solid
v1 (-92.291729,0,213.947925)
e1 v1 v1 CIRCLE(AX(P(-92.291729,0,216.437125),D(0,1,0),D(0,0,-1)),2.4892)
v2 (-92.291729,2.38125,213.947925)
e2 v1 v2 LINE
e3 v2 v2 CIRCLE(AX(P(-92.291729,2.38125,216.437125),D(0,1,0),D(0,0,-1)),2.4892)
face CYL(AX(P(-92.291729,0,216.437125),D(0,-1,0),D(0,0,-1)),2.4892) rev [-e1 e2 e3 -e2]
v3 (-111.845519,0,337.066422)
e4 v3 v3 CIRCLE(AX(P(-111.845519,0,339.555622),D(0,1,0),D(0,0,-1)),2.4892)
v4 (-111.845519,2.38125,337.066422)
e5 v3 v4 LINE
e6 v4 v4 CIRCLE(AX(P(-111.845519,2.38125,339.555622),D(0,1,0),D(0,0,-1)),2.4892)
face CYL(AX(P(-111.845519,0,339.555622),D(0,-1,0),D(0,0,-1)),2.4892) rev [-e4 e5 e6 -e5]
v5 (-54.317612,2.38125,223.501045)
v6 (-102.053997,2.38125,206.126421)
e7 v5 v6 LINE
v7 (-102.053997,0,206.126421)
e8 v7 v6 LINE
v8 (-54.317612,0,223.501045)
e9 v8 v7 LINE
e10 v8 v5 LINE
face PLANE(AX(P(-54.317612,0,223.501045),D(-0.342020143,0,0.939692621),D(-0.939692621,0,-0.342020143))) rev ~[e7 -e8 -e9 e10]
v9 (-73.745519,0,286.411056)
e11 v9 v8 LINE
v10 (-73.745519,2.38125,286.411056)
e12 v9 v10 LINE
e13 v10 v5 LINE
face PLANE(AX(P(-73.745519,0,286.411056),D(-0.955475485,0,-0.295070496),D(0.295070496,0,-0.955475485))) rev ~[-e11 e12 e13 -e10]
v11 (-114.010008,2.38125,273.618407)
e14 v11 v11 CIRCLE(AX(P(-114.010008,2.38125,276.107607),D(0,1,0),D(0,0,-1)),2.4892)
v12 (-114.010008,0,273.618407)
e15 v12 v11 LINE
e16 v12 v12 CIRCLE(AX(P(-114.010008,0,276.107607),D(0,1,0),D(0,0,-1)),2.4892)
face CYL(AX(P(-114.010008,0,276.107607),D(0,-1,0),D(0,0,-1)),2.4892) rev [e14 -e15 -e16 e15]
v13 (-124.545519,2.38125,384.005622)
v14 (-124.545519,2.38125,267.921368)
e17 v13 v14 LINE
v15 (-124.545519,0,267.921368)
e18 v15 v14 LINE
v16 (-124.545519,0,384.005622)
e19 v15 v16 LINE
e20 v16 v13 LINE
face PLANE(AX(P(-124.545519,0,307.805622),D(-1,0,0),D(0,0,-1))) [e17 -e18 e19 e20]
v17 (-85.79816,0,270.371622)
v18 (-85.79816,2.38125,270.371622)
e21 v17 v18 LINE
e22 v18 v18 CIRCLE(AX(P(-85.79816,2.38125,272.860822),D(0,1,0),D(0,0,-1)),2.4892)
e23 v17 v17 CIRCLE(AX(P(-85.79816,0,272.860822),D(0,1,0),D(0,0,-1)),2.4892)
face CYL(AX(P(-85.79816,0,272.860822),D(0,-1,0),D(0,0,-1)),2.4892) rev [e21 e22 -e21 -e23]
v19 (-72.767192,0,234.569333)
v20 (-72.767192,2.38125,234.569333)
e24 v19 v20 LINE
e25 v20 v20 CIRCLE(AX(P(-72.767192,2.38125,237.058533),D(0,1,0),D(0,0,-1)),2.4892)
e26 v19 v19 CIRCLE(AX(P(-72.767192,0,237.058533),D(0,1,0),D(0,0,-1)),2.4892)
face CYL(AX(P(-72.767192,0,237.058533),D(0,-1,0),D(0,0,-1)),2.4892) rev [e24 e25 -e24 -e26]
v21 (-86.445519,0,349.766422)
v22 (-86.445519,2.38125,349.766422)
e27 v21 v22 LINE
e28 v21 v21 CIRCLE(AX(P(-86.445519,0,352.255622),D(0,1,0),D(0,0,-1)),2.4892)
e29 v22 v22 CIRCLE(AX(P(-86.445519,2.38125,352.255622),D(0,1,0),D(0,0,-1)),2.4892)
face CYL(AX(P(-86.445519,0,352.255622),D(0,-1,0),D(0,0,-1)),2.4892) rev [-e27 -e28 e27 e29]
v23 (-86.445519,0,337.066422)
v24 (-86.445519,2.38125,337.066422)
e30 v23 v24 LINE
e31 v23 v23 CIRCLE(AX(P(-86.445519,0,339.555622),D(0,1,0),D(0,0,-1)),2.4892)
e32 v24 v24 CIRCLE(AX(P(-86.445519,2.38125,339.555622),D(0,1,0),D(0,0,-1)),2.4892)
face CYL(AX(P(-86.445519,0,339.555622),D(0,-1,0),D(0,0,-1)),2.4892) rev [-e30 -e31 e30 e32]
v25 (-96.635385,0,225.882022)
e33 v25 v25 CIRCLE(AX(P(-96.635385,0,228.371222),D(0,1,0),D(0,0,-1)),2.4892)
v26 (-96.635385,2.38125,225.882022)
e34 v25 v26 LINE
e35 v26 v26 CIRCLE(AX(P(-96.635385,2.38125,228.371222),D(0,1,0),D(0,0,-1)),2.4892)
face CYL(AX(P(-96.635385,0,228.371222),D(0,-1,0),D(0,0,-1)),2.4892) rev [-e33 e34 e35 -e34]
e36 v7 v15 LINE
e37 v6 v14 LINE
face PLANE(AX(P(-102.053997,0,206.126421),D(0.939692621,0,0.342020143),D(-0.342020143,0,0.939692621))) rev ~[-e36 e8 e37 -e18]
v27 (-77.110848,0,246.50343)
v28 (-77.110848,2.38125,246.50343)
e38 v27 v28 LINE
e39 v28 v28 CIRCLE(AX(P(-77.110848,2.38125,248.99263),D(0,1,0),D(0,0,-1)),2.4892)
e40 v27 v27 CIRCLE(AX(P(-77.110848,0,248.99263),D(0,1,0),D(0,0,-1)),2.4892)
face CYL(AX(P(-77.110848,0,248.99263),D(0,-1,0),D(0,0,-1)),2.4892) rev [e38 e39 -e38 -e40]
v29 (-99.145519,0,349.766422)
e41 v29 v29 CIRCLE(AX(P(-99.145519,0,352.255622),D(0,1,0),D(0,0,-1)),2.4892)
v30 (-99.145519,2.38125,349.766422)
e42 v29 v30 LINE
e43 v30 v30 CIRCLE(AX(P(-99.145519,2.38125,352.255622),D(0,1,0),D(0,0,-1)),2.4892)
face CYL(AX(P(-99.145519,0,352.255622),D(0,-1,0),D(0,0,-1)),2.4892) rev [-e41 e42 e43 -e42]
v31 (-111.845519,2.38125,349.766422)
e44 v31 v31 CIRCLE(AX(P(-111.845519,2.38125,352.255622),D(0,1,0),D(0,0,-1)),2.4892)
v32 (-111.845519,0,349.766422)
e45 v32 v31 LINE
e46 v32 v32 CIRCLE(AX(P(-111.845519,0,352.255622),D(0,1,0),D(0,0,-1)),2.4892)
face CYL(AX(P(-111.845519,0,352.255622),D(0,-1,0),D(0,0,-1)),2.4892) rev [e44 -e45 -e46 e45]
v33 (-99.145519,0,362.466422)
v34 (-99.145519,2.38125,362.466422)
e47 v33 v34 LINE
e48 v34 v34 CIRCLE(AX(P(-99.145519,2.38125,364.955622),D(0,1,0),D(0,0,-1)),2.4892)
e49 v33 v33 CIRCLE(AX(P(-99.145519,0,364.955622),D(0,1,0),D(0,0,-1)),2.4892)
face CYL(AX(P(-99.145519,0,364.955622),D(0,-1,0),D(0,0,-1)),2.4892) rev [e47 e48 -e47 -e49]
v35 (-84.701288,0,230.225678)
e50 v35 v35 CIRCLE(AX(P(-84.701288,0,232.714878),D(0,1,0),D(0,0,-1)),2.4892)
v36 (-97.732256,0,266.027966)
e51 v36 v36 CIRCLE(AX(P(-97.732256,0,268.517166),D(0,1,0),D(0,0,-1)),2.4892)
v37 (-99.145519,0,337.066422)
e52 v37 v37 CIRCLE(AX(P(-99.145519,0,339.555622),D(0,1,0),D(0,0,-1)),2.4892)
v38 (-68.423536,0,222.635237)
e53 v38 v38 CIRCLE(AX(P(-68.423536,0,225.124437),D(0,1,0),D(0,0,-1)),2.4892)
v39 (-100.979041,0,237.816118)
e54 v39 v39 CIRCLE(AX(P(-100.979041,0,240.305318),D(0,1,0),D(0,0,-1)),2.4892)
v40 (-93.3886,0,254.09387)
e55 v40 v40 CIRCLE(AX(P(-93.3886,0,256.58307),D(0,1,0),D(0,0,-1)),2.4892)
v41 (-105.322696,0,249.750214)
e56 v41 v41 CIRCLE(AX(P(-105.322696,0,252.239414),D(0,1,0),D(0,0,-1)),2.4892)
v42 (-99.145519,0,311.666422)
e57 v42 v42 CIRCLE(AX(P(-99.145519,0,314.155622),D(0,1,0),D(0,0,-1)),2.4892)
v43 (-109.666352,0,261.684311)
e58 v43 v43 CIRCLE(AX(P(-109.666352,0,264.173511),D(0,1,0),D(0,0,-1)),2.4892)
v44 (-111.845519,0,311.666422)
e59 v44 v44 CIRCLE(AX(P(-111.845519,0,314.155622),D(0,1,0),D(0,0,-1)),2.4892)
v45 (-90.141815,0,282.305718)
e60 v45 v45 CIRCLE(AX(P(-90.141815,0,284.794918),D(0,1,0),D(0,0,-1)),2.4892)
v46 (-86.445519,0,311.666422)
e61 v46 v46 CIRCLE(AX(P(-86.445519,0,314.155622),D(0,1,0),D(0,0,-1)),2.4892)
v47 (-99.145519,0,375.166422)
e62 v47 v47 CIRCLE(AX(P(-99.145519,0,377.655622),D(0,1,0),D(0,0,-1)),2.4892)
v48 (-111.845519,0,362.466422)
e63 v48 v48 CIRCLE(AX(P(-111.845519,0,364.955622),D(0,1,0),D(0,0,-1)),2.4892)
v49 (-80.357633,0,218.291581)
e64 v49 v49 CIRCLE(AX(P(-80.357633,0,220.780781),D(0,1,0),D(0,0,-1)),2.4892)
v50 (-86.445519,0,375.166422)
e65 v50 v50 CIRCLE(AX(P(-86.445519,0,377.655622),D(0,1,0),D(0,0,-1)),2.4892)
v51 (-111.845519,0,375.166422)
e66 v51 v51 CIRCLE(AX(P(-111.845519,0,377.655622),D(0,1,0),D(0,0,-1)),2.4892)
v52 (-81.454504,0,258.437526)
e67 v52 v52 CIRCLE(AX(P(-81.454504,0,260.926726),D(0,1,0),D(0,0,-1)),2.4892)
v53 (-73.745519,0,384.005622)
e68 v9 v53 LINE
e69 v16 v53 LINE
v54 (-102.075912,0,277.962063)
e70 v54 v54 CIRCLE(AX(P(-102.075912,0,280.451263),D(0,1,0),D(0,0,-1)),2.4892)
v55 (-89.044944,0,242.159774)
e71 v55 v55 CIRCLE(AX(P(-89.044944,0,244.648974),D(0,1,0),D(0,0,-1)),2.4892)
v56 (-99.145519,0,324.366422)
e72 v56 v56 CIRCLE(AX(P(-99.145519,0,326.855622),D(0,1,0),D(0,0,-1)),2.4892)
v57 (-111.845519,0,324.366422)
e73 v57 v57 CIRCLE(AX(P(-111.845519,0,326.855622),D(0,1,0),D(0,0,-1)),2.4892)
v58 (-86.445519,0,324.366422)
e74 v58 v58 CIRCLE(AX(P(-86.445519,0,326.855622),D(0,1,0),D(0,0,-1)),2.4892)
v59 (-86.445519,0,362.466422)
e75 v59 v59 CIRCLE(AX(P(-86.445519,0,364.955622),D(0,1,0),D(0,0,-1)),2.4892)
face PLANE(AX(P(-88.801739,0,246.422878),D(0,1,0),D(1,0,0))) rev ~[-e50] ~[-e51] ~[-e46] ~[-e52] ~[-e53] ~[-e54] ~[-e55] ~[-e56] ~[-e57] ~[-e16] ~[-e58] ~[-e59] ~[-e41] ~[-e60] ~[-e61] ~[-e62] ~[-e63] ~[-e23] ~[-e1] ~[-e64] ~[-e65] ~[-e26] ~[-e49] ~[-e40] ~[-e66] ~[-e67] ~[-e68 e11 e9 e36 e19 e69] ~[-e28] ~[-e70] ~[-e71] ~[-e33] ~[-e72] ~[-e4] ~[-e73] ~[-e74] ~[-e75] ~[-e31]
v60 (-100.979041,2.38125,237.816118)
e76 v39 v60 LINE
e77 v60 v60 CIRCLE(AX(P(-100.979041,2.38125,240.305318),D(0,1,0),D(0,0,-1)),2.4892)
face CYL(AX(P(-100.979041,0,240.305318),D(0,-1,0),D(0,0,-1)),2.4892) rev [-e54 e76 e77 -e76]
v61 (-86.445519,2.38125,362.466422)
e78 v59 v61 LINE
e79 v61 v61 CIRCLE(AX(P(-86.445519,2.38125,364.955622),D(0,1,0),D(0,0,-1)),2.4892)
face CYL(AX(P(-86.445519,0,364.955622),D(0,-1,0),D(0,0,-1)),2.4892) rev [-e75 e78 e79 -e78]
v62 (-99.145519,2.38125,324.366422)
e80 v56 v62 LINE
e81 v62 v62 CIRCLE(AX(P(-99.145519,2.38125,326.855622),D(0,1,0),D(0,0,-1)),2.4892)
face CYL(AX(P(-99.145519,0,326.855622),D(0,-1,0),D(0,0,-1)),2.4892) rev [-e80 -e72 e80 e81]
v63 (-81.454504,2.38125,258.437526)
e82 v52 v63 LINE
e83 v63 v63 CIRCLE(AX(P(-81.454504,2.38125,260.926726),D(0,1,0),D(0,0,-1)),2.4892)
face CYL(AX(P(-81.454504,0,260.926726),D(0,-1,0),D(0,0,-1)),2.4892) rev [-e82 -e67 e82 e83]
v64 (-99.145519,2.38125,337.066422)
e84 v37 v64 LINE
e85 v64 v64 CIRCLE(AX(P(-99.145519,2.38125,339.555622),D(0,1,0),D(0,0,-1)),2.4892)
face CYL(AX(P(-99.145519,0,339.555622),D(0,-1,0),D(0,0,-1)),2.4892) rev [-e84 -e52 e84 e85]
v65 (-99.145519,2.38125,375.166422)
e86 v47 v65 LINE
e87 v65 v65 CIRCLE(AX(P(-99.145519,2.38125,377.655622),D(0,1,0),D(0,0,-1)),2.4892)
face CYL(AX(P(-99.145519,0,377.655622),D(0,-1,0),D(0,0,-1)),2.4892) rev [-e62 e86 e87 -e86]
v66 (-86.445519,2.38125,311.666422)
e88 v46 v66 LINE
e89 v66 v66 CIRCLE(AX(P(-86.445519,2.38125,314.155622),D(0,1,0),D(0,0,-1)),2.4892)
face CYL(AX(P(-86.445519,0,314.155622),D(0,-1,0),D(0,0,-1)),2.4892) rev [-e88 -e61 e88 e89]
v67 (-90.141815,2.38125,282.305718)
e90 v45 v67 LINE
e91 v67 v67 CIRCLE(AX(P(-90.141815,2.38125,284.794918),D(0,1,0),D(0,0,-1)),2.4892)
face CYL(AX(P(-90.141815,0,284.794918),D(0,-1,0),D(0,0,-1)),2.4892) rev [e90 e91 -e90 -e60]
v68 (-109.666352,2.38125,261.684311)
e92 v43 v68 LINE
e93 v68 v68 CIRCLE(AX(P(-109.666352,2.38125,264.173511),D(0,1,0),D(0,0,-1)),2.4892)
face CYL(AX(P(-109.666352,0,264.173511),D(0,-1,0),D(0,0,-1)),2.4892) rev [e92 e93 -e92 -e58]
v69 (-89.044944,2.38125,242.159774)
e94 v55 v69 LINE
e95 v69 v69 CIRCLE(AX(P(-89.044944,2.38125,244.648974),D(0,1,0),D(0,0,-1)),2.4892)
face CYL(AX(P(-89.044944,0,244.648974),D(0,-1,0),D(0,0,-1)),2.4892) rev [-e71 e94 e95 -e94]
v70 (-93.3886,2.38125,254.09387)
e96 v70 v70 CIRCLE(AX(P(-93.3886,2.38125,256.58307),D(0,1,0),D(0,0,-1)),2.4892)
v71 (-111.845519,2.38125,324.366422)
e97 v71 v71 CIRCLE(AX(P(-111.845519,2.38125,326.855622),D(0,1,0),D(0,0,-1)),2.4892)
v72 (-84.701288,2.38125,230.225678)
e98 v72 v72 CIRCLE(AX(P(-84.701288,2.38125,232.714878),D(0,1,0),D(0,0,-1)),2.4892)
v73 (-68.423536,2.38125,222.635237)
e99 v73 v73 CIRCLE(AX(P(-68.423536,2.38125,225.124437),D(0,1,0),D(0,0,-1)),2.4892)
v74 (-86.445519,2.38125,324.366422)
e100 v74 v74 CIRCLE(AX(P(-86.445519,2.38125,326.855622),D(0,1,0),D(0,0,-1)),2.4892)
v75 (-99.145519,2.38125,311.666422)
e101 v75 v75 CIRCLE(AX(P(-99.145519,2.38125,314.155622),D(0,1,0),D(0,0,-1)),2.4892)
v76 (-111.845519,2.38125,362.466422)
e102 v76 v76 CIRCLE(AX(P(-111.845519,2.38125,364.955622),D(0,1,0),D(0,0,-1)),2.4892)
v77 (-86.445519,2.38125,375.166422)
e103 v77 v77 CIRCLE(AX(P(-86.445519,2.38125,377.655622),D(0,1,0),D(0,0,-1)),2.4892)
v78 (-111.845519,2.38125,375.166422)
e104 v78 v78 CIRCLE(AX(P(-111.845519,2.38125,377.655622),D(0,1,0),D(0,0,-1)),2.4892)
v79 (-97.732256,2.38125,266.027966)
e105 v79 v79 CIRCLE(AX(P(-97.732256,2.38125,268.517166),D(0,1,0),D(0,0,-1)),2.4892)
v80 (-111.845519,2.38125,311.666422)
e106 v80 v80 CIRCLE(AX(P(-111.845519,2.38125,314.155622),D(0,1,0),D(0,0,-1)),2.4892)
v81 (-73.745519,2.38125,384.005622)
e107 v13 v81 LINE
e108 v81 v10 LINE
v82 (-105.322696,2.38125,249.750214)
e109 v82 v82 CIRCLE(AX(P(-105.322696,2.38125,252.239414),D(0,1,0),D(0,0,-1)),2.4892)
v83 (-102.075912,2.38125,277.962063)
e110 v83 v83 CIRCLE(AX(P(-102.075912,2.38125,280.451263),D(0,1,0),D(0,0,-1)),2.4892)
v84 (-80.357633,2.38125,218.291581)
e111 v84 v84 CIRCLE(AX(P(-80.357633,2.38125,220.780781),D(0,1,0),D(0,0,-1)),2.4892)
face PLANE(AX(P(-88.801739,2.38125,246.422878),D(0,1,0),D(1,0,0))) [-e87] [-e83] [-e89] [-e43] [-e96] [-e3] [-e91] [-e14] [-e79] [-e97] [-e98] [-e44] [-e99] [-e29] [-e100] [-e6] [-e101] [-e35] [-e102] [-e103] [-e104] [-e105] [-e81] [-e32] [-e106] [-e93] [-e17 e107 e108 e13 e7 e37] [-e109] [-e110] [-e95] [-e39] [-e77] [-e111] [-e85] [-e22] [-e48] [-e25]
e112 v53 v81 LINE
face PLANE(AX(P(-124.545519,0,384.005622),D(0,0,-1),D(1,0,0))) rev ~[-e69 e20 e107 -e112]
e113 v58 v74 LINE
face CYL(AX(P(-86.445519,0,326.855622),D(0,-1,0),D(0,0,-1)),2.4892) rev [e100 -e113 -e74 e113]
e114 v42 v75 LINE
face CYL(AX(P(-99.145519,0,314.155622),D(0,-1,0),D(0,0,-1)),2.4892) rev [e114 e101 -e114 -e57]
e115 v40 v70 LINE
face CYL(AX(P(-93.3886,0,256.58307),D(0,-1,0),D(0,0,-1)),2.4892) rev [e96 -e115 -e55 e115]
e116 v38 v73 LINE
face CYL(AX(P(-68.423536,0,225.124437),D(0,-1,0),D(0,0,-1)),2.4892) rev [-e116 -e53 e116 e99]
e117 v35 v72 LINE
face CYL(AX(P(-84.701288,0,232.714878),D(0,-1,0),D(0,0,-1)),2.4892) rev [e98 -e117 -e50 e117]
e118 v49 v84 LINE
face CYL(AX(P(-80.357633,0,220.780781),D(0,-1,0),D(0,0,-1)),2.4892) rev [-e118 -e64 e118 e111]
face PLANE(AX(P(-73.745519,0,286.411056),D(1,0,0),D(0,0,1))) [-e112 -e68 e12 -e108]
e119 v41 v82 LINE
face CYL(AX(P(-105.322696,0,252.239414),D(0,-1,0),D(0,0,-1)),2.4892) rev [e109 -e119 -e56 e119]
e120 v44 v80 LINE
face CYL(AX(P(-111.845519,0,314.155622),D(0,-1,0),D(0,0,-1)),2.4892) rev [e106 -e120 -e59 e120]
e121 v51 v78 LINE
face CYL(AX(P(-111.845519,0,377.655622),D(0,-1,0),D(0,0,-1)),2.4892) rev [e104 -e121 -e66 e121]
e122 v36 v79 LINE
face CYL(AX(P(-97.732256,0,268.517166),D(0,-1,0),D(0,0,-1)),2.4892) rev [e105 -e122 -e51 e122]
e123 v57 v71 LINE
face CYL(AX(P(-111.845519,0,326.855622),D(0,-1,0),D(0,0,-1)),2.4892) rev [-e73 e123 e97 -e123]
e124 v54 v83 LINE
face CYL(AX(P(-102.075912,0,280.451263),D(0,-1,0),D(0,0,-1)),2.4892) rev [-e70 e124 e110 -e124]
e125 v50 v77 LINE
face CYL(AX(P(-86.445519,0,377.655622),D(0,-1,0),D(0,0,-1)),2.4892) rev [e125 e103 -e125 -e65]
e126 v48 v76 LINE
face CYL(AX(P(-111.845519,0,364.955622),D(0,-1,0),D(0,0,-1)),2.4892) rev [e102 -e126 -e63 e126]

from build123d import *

# Parameters (mm, degrees)
SKETCH1_W           = 50.8
SKETCH1_H           = 76.2
SKETCH1_R           = 2.4892
BOSS_EXTRUDE1_DEPTH = 2.38125


with BuildPart() as part:
    # Sketch1 → Boss-Extrude1 (new body)
    # profile 1 of 3: a face of its own
    with BuildSketch(Plane(origin=(0, 0, 0), x_dir=(1, 0, 0), z_dir=(0, 1, 0))):
        with Locations((-99.145518613, -345.905622456)):
            Rectangle(SKETCH1_W, SKETCH1_H)
        with Locations(Location((-86.445518613, -326.855622456, 0), (0, 0, 90))):
            Circle(SKETCH1_R, mode=Mode.SUBTRACT)
        with Locations(Location((-86.445518613, -352.255622456, 0), (0, 0, 90))):
            Circle(SKETCH1_R, mode=Mode.SUBTRACT)
        with Locations(Location((-86.445518613, -377.655622456, 0), (0, 0, 90))):
            Circle(SKETCH1_R, mode=Mode.SUBTRACT)
        with Locations(Location((-99.145518613, -326.855622456, 0), (0, 0, 90))):
            Circle(SKETCH1_R, mode=Mode.SUBTRACT)
        with Locations(Location((-99.145518613, -352.255622456, 0), (0, 0, 90))):
            Circle(SKETCH1_R, mode=Mode.SUBTRACT)
        with Locations(Location((-99.145518613, -377.655622456, 0), (0, 0, 90))):
            Circle(SKETCH1_R, mode=Mode.SUBTRACT)
        with Locations(Location((-111.845518613, -377.655622456, 0), (0, 0, 90))):
            Circle(SKETCH1_R, mode=Mode.SUBTRACT)
        with Locations(Location((-111.845518613, -364.955622456, 0), (0, 0, 90))):
            Circle(SKETCH1_R, mode=Mode.SUBTRACT)
        with Locations(Location((-111.845518613, -352.255622456, 0), (0, 0, 90))):
            Circle(SKETCH1_R, mode=Mode.SUBTRACT)
        with Locations(Location((-111.845518613, -339.555622456, 0), (0, 0, 90))):
            Circle(SKETCH1_R, mode=Mode.SUBTRACT)
        with Locations(Location((-111.845518613, -326.855622456, 0), (0, 0, 90))):
            Circle(SKETCH1_R, mode=Mode.SUBTRACT)
        with Locations(Location((-111.845518613, -314.155622456, 0), (0, 0, 90))):
            Circle(SKETCH1_R, mode=Mode.SUBTRACT)
        with Locations(Location((-99.145518613, -364.955622456, 0), (0, 0, 90))):
            Circle(SKETCH1_R, mode=Mode.SUBTRACT)
        with Locations(Location((-99.145518613, -339.555622456, 0), (0, 0, 90))):
            Circle(SKETCH1_R, mode=Mode.SUBTRACT)
        with Locations(Location((-99.145518613, -314.155622456, 0), (0, 0, 90))):
            Circle(SKETCH1_R, mode=Mode.SUBTRACT)
        with Locations(Location((-86.445518613, -364.955622456, 0), (0, 0, 90))):
            Circle(SKETCH1_R, mode=Mode.SUBTRACT)
        with Locations(Location((-86.445518613, -339.555622456, 0), (0, 0, 90))):
            Circle(SKETCH1_R, mode=Mode.SUBTRACT)
        with Locations(Location((-86.445518613, -314.155622456, 0), (0, 0, 90))):
            Circle(SKETCH1_R, mode=Mode.SUBTRACT)
    # profile 2 of 3: a face of its own
    with BuildSketch(Plane(origin=(0, 0, 0), x_dir=(1, 0, 0), z_dir=(0, 1, 0))):
        Polygon((-73.745518613, -307.805622456), (-124.545518613, -307.805622456), (-124.545518613, -267.92136832), (-73.745518613, -286.411056221), align=None)
        with Locations(Location((-102.075911776, -280.451262674, 0), (0, 0, 90))):
            Circle(SKETCH1_R, mode=Mode.SUBTRACT)
        with Locations(Location((-114.01000806, -276.107606853, 0), (0, 0, 90))):
            Circle(SKETCH1_R, mode=Mode.SUBTRACT)
        with Locations(Location((-90.141815492, -284.794918494, 0), (0, 0, 90))):
            Circle(SKETCH1_R, mode=Mode.SUBTRACT)
    # profile 3 of 3: a face of its own
    with BuildSketch(Plane(origin=(0, 0, 0), x_dir=(1, 0, 0), z_dir=(0, 1, 0))):
        Polygon((-124.545518613, -267.92136832), (-73.745518613, -286.411056221), (-54.317612196, -223.501044752), (-102.053997332, -206.126421471), align=None)
        with Locations(Location((-72.767192211, -237.058533358, 0), (0, 0, 90))):
            Circle(SKETCH1_R, mode=Mode.SUBTRACT)
        with Locations(Location((-81.454503851, -260.926725926, 0), (0, 0, 90))):
            Circle(SKETCH1_R, mode=Mode.SUBTRACT)
        with Locations(Location((-80.357632674, -220.780781254, 0), (0, 0, 90))):
            Circle(SKETCH1_R, mode=Mode.SUBTRACT)
        with Locations(Location((-89.044944315, -244.648973822, 0), (0, 0, 90))):
            Circle(SKETCH1_R, mode=Mode.SUBTRACT)
        with Locations(Location((-97.732255955, -268.51716639, 0), (0, 0, 90))):
            Circle(SKETCH1_R, mode=Mode.SUBTRACT)
        with Locations(Location((-109.666352239, -264.173510569, 0), (0, 0, 90))):
            Circle(SKETCH1_R, mode=Mode.SUBTRACT)
        with Locations(Location((-105.322696419, -252.239414285, 0), (0, 0, 90))):
            Circle(SKETCH1_R, mode=Mode.SUBTRACT)
        with Locations(Location((-100.979040599, -240.305318001, 0), (0, 0, 90))):
            Circle(SKETCH1_R, mode=Mode.SUBTRACT)
        with Locations(Location((-96.635384779, -228.371221717, 0), (0, 0, 90))):
            Circle(SKETCH1_R, mode=Mode.SUBTRACT)
        with Locations(Location((-92.291728958, -216.437125433, 0), (0, 0, 90))):
            Circle(SKETCH1_R, mode=Mode.SUBTRACT)
        with Locations(Location((-93.388600135, -256.583070106, 0), (0, 0, 90))):
            Circle(SKETCH1_R, mode=Mode.SUBTRACT)
        with Locations(Location((-84.701288495, -232.714877538, 0), (0, 0, 90))):
            Circle(SKETCH1_R, mode=Mode.SUBTRACT)
        with Locations(Location((-85.798159671, -272.86082221, 0), (0, 0, 90))):
            Circle(SKETCH1_R, mode=Mode.SUBTRACT)
        with Locations(Location((-77.110848031, -248.992629642, 0), (0, 0, 90))):
            Circle(SKETCH1_R, mode=Mode.SUBTRACT)
        with Locations(Location((-68.42353639, -225.124437074, 0), (0, 0, 90))):
            Circle(SKETCH1_R, mode=Mode.SUBTRACT)
    extrude(amount=BOSS_EXTRUDE1_DEPTH)


solid = part.part
